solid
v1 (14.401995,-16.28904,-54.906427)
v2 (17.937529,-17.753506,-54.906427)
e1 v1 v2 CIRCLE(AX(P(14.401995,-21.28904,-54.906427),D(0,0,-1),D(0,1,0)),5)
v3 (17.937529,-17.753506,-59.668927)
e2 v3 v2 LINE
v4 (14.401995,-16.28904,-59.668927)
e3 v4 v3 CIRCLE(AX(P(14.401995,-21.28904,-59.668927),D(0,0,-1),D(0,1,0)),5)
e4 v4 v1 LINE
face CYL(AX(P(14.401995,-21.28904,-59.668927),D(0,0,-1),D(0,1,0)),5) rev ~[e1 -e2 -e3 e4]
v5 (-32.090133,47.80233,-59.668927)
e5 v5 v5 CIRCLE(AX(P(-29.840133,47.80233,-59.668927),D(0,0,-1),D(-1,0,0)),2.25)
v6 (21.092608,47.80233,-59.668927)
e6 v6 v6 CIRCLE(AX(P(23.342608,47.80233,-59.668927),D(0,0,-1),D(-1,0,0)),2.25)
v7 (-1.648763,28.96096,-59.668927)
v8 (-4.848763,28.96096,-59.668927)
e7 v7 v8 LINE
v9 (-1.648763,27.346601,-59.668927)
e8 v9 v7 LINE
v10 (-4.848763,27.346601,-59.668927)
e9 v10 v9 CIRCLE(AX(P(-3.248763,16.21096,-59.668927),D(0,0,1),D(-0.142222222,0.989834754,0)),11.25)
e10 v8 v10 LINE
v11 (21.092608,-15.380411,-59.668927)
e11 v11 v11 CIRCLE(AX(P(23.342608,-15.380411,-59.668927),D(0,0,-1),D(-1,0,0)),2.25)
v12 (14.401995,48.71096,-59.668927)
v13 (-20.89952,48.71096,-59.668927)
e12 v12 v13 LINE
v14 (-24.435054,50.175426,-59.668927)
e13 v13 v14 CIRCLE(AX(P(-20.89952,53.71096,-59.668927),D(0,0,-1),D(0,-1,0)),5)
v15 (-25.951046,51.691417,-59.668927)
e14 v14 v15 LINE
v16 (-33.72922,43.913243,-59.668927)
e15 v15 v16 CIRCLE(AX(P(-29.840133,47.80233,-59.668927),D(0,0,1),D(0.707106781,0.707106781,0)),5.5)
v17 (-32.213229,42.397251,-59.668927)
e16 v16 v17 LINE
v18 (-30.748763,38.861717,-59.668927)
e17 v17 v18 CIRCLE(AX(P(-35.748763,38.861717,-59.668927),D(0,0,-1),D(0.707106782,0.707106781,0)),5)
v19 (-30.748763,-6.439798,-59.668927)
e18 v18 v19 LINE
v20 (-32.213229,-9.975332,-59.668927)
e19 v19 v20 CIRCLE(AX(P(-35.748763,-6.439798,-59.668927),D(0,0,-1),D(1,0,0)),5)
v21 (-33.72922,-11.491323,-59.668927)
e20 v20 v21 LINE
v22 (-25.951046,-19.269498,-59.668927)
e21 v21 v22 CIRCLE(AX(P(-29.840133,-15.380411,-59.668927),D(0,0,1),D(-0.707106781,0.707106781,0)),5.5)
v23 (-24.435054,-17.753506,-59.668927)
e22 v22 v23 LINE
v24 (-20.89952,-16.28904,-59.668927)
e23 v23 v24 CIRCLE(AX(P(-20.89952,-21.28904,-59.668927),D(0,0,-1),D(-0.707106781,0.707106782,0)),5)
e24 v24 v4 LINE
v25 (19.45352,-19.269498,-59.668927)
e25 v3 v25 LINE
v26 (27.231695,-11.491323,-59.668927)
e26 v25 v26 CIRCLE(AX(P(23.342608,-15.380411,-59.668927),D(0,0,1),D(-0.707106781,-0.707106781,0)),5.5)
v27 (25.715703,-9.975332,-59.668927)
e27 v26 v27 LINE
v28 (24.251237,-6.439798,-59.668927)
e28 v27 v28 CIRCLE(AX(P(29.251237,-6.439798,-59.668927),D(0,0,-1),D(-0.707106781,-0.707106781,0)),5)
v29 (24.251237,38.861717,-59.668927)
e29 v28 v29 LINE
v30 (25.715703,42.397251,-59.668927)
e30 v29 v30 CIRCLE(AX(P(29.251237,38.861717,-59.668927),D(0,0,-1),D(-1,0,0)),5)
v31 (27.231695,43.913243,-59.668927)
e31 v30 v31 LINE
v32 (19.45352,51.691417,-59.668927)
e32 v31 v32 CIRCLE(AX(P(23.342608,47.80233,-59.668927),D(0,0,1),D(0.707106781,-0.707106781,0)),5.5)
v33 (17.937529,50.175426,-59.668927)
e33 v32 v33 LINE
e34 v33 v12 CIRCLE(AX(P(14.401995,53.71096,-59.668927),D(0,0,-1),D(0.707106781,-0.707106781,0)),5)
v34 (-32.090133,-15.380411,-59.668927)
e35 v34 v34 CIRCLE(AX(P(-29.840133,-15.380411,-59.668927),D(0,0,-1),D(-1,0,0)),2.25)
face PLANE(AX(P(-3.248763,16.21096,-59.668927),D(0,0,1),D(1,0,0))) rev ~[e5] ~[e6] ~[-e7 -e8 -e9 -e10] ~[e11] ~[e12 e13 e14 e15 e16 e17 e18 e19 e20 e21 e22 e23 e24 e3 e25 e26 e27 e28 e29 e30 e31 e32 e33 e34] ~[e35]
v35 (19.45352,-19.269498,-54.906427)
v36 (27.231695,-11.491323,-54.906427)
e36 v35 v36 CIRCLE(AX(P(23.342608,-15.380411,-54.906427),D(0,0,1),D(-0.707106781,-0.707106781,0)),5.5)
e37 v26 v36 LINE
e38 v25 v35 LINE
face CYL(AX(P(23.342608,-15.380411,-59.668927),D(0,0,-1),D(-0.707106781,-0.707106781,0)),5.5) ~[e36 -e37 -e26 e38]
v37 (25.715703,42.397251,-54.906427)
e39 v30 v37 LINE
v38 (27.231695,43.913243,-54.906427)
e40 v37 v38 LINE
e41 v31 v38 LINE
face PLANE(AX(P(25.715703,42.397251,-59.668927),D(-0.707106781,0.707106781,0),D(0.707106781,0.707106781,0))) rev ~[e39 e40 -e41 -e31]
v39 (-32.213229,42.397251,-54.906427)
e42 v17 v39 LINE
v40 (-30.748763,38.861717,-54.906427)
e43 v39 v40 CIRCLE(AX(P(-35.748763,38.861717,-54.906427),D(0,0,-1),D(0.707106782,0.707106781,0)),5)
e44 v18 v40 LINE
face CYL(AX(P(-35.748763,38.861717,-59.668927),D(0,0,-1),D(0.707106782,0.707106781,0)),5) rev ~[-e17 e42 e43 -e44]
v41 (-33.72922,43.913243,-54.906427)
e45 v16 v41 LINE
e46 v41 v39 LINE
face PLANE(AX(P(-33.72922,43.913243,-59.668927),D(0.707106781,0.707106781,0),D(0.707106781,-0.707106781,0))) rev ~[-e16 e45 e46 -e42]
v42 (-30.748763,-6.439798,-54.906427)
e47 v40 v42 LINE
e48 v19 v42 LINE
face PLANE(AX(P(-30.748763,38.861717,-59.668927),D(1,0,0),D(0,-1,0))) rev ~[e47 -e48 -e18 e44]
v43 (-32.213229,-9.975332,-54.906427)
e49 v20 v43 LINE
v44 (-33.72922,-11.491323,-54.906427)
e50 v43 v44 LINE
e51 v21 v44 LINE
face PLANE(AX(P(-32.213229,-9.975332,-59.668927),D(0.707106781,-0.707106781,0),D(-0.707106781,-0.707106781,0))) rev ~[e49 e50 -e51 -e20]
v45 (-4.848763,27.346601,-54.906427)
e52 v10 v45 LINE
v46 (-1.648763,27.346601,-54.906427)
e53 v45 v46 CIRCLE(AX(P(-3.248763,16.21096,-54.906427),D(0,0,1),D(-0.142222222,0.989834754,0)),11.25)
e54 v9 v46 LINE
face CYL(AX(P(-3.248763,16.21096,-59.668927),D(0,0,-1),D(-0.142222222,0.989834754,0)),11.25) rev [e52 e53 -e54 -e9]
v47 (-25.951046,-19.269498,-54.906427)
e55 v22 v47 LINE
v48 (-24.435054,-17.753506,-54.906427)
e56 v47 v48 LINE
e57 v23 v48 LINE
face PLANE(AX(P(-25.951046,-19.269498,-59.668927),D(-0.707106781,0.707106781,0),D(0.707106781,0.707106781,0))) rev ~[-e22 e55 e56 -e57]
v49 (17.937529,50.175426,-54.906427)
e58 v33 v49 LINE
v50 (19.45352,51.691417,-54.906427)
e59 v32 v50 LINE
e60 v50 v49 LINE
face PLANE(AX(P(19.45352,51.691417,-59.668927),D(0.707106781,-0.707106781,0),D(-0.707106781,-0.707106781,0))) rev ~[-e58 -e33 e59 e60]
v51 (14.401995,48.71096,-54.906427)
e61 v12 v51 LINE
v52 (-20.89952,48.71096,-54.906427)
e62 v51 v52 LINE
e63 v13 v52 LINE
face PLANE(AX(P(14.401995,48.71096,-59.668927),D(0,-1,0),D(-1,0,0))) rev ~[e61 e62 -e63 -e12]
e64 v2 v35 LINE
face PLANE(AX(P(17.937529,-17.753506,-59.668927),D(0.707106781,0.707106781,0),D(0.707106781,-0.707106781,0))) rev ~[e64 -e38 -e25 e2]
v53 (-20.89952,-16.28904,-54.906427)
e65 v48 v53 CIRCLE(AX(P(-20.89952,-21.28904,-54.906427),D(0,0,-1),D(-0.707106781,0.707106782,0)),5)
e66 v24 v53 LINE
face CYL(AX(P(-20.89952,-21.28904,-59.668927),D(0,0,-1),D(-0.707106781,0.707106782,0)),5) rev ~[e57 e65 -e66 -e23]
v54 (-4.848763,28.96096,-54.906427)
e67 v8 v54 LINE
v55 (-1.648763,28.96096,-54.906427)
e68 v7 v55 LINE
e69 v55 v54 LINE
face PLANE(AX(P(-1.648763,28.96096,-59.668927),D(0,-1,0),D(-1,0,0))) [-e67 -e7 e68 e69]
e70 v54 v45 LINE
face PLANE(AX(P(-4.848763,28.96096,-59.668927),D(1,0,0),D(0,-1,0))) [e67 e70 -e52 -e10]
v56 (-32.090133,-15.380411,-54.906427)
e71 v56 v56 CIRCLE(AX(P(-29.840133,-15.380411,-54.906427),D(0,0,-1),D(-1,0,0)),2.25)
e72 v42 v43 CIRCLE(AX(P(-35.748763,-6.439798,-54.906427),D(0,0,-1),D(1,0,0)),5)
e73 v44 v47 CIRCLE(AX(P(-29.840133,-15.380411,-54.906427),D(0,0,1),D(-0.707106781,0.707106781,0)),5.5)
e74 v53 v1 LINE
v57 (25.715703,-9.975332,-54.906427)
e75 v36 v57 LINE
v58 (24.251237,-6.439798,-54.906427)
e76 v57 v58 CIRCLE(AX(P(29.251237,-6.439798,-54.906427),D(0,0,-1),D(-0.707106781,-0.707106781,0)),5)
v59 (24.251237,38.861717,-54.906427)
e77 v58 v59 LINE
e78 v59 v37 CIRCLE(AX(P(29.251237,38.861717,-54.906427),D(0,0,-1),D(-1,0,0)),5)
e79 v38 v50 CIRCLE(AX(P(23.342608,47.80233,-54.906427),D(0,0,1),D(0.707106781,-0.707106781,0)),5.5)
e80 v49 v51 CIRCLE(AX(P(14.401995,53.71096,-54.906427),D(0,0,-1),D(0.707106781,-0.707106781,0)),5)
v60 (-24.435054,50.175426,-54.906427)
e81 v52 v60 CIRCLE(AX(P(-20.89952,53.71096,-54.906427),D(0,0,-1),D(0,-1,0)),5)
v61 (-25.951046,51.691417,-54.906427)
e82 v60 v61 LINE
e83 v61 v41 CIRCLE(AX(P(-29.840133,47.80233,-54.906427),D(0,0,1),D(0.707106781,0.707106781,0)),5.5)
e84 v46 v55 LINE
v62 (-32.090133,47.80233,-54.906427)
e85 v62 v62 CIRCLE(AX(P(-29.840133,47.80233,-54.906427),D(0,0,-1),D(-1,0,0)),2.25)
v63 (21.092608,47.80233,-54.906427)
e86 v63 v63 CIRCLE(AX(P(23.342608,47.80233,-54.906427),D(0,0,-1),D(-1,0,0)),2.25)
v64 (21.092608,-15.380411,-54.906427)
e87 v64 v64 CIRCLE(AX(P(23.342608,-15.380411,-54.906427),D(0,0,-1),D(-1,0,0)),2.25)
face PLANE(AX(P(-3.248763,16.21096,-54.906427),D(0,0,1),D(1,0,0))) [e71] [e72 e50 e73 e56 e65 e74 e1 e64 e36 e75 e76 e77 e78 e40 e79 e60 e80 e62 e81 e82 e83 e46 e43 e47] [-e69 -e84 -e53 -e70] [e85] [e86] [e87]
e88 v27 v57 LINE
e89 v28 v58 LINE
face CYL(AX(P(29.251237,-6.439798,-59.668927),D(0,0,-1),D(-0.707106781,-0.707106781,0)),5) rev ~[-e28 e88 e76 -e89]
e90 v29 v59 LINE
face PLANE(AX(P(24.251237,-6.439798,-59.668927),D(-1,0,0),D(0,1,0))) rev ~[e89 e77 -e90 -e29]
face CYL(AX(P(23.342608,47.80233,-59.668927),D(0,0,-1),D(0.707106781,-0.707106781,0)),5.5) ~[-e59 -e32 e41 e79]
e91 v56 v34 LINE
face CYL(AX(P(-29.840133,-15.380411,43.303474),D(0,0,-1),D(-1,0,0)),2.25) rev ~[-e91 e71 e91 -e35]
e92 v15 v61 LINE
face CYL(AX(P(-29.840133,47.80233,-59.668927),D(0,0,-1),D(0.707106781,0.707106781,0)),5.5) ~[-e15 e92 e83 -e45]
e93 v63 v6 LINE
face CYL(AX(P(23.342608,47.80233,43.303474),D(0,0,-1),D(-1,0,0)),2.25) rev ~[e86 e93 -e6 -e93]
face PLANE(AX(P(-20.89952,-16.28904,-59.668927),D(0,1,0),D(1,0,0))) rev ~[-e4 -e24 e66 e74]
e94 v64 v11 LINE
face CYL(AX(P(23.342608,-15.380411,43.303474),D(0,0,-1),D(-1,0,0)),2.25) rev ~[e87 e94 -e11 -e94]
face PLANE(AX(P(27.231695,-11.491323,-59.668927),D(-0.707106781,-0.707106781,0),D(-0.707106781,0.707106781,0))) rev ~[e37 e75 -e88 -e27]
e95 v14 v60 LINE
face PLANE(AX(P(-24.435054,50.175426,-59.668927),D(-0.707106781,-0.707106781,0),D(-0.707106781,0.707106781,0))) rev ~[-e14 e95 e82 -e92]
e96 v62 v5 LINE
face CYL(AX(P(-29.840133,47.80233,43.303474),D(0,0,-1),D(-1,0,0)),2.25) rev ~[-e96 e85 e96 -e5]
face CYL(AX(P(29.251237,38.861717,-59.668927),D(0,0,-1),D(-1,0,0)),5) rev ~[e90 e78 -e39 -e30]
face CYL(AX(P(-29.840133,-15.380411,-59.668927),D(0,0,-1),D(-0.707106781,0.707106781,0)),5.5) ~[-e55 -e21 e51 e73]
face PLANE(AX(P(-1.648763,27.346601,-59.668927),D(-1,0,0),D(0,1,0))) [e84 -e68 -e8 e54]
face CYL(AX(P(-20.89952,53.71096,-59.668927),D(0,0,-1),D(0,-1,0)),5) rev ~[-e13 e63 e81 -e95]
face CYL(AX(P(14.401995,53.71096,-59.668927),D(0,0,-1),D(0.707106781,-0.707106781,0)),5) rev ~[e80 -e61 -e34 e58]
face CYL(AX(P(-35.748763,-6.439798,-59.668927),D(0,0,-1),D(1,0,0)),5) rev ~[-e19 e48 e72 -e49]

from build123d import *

# Parameters (mm, degrees)
BOSS_EXTRUDE1_DEPTH  = 4.7625
M4_CLEARANCE_HOLE2_D = 4.5


with BuildPart() as part:
    # Sketch4 → Boss-Extrude1 (new body)
    with BuildSketch(Plane.XY.offset(-59.668926648)):
        with BuildLine():
            Line((14.401994847, 48.710959692), (-20.899520343, 48.710959692))
            ThreePointArc((-20.899520343, 48.710959692), (-22.812937505, 49.091562029), (-24.435054249, 50.175425786))
            Line((-24.435054249, 50.175425786), (-25.951045701, 51.691417238))
            ThreePointArc((-25.951045701, 51.691417238), (-33.729220295, 51.691417238), (-33.729220295, 43.913242645))
            Line((-33.729220295, 43.913242645), (-32.213228842, 42.397251193))
            ThreePointArc((-32.213228842, 42.397251193), (-31.129365086, 40.775134449), (-30.748762748, 38.861717287))
            Line((-30.748762748, 38.861717287), (-30.748762748, -6.439797903))
            ThreePointArc((-30.748762748, -6.439797903), (-31.129365086, -8.353215065), (-32.213228842, -9.975331809))
            Line((-32.213228842, -9.975331809), (-33.729220295, -11.491323262))
            ThreePointArc((-33.729220295, -11.491323262), (-33.729220295, -19.269497855), (-25.951045701, -19.269497855))
            Line((-25.951045701, -19.269497855), (-24.435054249, -17.753506402))
            ThreePointArc((-24.435054249, -17.753506402), (-22.812937505, -16.669642646), (-20.899520343, -16.289040308))
            Line((-20.899520343, -16.289040308), (14.401994847, -16.289040308))
            ThreePointArc((14.401994847, -16.289040308), (16.315412009, -16.669642646), (17.937528753, -17.753506402))
            Line((17.937528753, -17.753506402), (19.453520205, -19.269497855))
            ThreePointArc((19.453520205, -19.269497855), (27.231694798, -19.269497855), (27.231694798, -11.491323262))
            Line((27.231694798, -11.491323262), (25.715703346, -9.975331809))
            ThreePointArc((25.715703346, -9.975331809), (24.631839589, -8.353215065), (24.251237252, -6.439797903))
            Line((24.251237252, -6.439797903), (24.251237252, 38.861717287))
            ThreePointArc((24.251237252, 38.861717287), (24.631839589, 40.775134449), (25.715703346, 42.397251193))
            Line((25.715703346, 42.397251193), (27.231694798, 43.913242645))
            ThreePointArc((27.231694798, 43.913242645), (27.231694798, 51.691417238), (19.453520205, 51.691417238))
            Line((19.453520205, 51.691417238), (17.937528753, 50.175425786))
            ThreePointArc((17.937528753, 50.175425786), (16.315412009, 49.091562029), (14.401994847, 48.710959692))
        make_face()
        with BuildLine():
            Line((-1.648762748, 27.34660067), (-1.648762748, 28.960959692))
            Line((-1.648762748, 28.960959692), (-4.848762748, 28.960959692))
            Line((-4.848762748, 28.960959692), (-4.848762748, 27.34660067))
            ThreePointArc((-4.848762748, 27.34660067), (-3.248762748, 4.960959692), (-1.648762748, 27.34660067))
        make_face(mode=Mode.SUBTRACT)
    extrude(amount=BOSS_EXTRUDE1_DEPTH)

    # M4 Clearance Hole2 (through all)
    with Locations(Plane.XY.offset(-54.906426648)):
        with Locations((-29.840132998, 47.802329941), (23.342607502, 47.802329941), (23.342607502, -15.380410558), (-29.840132998, -15.380410558)):
            Hole(M4_CLEARANCE_HOLE2_D / 2)


solid = part.part
